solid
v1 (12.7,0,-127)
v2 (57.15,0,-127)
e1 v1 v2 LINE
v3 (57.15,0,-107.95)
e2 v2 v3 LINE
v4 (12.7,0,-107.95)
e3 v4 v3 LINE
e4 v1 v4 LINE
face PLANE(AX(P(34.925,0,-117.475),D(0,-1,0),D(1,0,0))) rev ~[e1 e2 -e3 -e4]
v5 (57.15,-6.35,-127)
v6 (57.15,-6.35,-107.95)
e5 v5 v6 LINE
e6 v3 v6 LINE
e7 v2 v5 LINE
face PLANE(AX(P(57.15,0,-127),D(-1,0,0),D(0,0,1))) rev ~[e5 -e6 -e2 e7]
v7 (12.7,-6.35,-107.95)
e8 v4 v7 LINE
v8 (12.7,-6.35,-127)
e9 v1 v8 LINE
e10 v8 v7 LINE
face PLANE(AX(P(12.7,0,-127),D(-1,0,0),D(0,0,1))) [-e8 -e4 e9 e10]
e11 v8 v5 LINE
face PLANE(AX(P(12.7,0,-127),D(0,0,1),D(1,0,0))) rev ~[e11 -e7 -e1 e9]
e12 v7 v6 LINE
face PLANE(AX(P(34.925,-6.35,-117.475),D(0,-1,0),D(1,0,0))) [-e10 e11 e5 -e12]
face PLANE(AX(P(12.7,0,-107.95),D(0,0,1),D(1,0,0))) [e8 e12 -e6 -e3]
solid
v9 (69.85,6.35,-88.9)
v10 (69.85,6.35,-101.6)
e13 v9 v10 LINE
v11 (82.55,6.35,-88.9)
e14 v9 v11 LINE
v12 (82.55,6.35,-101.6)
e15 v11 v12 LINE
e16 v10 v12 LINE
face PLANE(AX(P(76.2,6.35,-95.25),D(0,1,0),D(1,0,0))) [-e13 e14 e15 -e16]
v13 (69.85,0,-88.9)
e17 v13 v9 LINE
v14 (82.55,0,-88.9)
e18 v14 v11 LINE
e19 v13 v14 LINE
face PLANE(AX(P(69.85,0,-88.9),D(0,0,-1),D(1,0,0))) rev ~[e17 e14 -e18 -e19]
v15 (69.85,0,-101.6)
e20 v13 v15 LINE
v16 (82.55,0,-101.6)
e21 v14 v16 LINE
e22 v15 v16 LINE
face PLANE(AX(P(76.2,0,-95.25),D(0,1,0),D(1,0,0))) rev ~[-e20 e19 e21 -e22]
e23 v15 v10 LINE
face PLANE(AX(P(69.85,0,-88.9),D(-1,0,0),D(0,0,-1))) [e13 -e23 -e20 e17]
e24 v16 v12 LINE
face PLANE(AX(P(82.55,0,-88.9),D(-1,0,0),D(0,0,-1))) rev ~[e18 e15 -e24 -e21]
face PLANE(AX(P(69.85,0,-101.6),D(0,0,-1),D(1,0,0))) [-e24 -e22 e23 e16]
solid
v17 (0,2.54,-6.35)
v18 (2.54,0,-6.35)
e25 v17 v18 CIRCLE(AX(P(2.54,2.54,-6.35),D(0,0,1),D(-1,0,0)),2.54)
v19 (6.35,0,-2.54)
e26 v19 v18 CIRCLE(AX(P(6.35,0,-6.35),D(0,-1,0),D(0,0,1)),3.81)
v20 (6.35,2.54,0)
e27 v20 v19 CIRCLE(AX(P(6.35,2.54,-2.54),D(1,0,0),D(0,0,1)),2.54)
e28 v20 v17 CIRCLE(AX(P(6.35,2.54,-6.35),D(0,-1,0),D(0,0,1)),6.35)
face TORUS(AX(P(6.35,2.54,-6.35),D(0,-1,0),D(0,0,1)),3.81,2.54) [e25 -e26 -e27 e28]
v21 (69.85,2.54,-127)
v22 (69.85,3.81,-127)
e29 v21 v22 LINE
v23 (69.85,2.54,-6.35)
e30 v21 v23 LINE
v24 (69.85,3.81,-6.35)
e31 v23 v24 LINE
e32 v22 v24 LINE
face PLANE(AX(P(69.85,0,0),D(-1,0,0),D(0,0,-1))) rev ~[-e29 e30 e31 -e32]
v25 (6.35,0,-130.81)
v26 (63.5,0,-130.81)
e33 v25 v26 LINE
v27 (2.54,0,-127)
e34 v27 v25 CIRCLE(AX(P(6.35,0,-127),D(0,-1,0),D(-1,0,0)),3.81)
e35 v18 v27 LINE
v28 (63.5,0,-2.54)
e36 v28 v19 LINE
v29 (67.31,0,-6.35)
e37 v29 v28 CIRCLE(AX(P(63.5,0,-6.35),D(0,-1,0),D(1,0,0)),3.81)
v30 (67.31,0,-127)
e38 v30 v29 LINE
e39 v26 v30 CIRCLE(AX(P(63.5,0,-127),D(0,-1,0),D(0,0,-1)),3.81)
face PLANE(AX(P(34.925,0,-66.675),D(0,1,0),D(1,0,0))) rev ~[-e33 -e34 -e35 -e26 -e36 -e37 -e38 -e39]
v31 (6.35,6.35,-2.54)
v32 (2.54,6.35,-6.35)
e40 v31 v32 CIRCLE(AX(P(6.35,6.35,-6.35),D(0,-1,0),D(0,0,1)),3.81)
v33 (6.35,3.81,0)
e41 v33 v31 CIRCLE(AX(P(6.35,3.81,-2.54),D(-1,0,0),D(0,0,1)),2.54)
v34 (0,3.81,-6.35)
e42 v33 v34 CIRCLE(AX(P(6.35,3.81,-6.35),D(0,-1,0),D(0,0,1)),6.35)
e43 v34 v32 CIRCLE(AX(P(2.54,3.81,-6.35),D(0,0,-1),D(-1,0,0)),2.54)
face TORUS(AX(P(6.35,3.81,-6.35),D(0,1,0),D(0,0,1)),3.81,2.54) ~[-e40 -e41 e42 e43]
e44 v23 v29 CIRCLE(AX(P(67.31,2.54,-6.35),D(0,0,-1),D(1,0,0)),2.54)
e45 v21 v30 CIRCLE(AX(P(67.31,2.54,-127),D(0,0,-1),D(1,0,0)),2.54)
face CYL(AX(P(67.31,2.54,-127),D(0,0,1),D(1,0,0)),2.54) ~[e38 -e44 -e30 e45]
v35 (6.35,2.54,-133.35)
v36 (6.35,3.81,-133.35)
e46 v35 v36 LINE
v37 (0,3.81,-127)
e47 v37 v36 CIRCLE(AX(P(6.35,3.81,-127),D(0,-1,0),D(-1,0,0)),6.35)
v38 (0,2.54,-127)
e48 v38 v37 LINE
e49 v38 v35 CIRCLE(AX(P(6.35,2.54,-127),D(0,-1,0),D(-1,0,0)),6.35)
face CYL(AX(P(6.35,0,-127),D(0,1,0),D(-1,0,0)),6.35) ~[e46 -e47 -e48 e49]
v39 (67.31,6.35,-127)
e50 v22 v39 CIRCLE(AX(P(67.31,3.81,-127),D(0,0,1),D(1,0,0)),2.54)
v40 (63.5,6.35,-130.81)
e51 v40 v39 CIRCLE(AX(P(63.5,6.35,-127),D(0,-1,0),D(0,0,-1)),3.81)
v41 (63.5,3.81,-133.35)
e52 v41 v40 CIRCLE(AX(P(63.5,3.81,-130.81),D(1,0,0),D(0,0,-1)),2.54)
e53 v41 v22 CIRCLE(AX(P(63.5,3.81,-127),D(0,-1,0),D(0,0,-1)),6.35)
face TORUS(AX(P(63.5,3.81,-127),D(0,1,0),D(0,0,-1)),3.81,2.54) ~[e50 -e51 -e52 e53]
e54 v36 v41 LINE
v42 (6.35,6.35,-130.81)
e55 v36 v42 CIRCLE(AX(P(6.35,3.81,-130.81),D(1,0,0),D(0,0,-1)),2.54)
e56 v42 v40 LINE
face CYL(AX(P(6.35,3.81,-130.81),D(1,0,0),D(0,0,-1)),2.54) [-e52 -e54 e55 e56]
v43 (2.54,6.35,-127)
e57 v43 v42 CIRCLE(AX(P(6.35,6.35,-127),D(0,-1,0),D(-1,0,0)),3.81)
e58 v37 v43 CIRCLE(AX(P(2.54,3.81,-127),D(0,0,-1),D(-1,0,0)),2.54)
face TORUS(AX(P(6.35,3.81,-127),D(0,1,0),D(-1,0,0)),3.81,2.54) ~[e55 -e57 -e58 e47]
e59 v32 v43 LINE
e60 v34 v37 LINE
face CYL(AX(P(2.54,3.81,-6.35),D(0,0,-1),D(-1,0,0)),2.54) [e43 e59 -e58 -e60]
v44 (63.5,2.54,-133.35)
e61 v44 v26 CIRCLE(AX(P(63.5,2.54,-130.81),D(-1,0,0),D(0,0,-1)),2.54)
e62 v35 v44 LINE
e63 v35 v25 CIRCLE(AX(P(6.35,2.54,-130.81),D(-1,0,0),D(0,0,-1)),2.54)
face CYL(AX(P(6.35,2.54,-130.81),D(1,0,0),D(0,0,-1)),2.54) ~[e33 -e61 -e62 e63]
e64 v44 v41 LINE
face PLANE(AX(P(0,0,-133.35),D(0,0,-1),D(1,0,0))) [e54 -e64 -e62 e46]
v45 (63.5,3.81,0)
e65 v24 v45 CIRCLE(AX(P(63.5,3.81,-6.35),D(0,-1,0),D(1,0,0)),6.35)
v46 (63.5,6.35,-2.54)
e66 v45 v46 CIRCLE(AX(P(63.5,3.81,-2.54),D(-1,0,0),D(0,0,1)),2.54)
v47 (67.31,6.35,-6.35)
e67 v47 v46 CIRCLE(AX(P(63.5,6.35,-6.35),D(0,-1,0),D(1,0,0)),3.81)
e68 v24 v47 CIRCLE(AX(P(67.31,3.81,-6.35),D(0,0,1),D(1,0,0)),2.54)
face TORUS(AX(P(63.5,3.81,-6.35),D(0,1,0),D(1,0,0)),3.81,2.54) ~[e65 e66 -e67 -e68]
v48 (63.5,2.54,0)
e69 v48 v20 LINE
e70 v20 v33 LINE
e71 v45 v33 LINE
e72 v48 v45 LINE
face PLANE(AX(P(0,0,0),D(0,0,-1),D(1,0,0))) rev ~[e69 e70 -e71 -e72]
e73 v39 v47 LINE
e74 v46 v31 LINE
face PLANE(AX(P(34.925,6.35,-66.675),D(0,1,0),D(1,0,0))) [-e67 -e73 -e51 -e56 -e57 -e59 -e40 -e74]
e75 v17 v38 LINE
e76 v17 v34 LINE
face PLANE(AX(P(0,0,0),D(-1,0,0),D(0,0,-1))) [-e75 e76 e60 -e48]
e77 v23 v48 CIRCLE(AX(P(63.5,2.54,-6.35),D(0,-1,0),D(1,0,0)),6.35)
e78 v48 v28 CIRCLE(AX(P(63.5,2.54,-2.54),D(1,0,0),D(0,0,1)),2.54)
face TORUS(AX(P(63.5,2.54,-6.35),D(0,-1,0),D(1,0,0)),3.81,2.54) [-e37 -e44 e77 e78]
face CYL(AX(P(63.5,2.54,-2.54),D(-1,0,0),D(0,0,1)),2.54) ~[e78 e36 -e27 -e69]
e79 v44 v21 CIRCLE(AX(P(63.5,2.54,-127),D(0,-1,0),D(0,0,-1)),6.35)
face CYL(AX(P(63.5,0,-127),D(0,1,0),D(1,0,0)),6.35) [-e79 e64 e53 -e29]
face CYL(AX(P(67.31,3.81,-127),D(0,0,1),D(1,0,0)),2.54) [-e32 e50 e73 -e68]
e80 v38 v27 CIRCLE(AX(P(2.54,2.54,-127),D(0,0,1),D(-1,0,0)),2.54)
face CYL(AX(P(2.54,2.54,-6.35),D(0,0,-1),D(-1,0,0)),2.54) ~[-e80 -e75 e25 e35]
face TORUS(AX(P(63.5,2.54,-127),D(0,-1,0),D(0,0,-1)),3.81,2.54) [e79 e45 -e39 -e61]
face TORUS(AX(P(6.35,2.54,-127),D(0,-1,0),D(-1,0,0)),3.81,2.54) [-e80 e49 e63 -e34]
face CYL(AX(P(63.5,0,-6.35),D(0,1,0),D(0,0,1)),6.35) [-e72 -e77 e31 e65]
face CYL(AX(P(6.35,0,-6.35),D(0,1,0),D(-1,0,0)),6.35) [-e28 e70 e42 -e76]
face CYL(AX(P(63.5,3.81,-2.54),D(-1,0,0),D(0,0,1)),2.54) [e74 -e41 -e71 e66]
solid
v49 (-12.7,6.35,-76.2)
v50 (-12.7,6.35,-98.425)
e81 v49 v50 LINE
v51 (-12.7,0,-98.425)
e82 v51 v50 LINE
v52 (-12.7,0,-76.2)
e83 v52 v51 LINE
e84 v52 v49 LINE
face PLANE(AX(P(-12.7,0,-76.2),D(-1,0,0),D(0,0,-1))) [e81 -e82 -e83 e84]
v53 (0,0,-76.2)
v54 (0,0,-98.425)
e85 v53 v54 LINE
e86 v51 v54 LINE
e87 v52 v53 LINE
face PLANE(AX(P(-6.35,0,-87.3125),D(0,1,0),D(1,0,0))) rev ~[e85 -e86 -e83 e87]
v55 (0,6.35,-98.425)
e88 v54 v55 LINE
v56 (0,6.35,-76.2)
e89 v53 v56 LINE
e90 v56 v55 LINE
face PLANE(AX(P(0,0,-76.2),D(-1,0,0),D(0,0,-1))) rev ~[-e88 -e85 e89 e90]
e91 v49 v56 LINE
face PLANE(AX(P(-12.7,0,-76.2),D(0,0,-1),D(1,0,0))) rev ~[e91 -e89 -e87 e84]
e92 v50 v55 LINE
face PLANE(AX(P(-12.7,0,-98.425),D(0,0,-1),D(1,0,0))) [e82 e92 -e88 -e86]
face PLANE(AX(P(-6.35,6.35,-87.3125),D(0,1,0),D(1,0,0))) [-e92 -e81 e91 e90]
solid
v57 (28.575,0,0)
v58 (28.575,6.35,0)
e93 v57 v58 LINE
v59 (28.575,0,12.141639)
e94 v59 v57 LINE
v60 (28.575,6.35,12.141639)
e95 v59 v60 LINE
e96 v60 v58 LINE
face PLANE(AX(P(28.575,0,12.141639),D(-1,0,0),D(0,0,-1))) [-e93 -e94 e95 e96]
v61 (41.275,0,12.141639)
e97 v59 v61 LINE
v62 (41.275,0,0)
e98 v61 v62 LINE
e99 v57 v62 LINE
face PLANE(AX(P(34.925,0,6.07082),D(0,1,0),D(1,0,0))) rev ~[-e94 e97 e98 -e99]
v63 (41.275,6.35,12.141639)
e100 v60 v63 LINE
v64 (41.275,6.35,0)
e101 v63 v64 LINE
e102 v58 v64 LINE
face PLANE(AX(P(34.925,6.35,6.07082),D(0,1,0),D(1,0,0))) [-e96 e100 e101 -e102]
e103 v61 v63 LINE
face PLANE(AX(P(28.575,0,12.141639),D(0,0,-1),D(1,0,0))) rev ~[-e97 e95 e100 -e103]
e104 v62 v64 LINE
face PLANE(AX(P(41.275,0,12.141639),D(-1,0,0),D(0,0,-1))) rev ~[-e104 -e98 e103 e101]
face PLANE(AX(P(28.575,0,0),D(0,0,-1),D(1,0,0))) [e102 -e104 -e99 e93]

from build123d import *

# Parameters (mm, degrees)
SKETCH1_W           = 69.85
SKETCH1_H           = 133.35
BOSS_EXTRUDE1_DEPTH = 6.35
FILLET2_R           = 6.35
FILLET3_R           = 2.54
SKETCH2_W           = 12.7
SKETCH2_H           = 12.7
BUTTONS_DEPTH       = 6.35
SKETCH2_H_2         = 22.225
BUTTONS_2_DEPTH     = 6.35
SKETCH3_W           = 44.45
SKETCH3_H           = 19.05
CAMERA_DEPTH        = 6.35
SKETCH4_W           = 12.7
SKETCH4_H           = 12.141639095
USB_DEPTH           = 6.35


with BuildPart() as part:
    # Sketch1 → Boss-Extrude1 (new body)
    with BuildSketch(Plane(origin=(0, 0, 0), x_dir=(1, 0, 0), z_dir=(0, 1, 0))):
        with Locations((34.925, 66.675)):
            Rectangle(SKETCH1_W, SKETCH1_H)
    extrude(amount=BOSS_EXTRUDE1_DEPTH)

    # Fillet2
    fillet2_edges = [part.edges().sort_by_distance(p)[0] for p in [
        (0, 3.175, -133.35),
        (69.85, 3.175, -133.35),
        (69.85, 3.175, 0),
        (0, 3.175, 0),
    ]]
    fillet(fillet2_edges, radius=FILLET2_R)

    # Fillet3
    fillet3_edges = [part.edges().sort_by_distance(p)[0] for p in [
        (0, 0, -66.675),
        (0, 6.35, -66.675),
        (34.925, 0, -133.35),
        (69.85, 0, -66.675),
        (34.925, 0, 0),
        (67.990128061, 0, -1.859871939),
        (1.859871939, 0, -1.859871939),
        (67.990128061, 0, -131.490128061),
        (1.859871939, 0, -131.490128061),
        (34.925, 6.35, -133.35),
        (34.925, 6.35, 0),
        (69.85, 6.35, -66.675),
        (67.990128061, 6.35, -1.859871939),
        (1.859871939, 6.35, -1.859871939),
        (67.990128061, 6.35, -131.490128061),
        (1.859871939, 6.35, -131.490128061),
    ]]
    fillet(fillet3_edges, radius=FILLET3_R)


with BuildPart() as body_2:
    # Sketch2 → buttons (new body)
    with BuildSketch(Plane(origin=(0, 0, 0), x_dir=(1, 0, 0), z_dir=(0, 1, 0))):
        with Locations((76.2, 95.25)):
            Rectangle(SKETCH2_W, SKETCH2_H)
    extrude(amount=BUTTONS_DEPTH)


with BuildPart() as body_3:
    # Sketch2 → buttons 2 (new body)
    with BuildSketch(Plane(origin=(0, 0, 0), x_dir=(1, 0, 0), z_dir=(0, 1, 0))):
        with Locations((-6.35, 87.3125)):
            Rectangle(SKETCH2_W, SKETCH2_H_2)
    extrude(amount=BUTTONS_2_DEPTH)


with BuildPart() as body_4:
    # Sketch3 → camera (new body)
    with BuildSketch(Plane.XZ):
        with Locations((34.925, -117.475)):
            Rectangle(SKETCH3_W, SKETCH3_H)
    extrude(amount=CAMERA_DEPTH)


with BuildPart() as body_5:
    # Sketch4 → USB (new body)
    with BuildSketch(Plane(origin=(0, 0, 0), x_dir=(1, 0, 0), z_dir=(0, 1, 0))):
        with Locations((34.925, -6.070819548)):
            Rectangle(SKETCH4_W, SKETCH4_H)
    extrude(amount=USB_DEPTH)


solid = Compound([part.part, body_2.part, body_3.part, body_4.part, body_5.part])
